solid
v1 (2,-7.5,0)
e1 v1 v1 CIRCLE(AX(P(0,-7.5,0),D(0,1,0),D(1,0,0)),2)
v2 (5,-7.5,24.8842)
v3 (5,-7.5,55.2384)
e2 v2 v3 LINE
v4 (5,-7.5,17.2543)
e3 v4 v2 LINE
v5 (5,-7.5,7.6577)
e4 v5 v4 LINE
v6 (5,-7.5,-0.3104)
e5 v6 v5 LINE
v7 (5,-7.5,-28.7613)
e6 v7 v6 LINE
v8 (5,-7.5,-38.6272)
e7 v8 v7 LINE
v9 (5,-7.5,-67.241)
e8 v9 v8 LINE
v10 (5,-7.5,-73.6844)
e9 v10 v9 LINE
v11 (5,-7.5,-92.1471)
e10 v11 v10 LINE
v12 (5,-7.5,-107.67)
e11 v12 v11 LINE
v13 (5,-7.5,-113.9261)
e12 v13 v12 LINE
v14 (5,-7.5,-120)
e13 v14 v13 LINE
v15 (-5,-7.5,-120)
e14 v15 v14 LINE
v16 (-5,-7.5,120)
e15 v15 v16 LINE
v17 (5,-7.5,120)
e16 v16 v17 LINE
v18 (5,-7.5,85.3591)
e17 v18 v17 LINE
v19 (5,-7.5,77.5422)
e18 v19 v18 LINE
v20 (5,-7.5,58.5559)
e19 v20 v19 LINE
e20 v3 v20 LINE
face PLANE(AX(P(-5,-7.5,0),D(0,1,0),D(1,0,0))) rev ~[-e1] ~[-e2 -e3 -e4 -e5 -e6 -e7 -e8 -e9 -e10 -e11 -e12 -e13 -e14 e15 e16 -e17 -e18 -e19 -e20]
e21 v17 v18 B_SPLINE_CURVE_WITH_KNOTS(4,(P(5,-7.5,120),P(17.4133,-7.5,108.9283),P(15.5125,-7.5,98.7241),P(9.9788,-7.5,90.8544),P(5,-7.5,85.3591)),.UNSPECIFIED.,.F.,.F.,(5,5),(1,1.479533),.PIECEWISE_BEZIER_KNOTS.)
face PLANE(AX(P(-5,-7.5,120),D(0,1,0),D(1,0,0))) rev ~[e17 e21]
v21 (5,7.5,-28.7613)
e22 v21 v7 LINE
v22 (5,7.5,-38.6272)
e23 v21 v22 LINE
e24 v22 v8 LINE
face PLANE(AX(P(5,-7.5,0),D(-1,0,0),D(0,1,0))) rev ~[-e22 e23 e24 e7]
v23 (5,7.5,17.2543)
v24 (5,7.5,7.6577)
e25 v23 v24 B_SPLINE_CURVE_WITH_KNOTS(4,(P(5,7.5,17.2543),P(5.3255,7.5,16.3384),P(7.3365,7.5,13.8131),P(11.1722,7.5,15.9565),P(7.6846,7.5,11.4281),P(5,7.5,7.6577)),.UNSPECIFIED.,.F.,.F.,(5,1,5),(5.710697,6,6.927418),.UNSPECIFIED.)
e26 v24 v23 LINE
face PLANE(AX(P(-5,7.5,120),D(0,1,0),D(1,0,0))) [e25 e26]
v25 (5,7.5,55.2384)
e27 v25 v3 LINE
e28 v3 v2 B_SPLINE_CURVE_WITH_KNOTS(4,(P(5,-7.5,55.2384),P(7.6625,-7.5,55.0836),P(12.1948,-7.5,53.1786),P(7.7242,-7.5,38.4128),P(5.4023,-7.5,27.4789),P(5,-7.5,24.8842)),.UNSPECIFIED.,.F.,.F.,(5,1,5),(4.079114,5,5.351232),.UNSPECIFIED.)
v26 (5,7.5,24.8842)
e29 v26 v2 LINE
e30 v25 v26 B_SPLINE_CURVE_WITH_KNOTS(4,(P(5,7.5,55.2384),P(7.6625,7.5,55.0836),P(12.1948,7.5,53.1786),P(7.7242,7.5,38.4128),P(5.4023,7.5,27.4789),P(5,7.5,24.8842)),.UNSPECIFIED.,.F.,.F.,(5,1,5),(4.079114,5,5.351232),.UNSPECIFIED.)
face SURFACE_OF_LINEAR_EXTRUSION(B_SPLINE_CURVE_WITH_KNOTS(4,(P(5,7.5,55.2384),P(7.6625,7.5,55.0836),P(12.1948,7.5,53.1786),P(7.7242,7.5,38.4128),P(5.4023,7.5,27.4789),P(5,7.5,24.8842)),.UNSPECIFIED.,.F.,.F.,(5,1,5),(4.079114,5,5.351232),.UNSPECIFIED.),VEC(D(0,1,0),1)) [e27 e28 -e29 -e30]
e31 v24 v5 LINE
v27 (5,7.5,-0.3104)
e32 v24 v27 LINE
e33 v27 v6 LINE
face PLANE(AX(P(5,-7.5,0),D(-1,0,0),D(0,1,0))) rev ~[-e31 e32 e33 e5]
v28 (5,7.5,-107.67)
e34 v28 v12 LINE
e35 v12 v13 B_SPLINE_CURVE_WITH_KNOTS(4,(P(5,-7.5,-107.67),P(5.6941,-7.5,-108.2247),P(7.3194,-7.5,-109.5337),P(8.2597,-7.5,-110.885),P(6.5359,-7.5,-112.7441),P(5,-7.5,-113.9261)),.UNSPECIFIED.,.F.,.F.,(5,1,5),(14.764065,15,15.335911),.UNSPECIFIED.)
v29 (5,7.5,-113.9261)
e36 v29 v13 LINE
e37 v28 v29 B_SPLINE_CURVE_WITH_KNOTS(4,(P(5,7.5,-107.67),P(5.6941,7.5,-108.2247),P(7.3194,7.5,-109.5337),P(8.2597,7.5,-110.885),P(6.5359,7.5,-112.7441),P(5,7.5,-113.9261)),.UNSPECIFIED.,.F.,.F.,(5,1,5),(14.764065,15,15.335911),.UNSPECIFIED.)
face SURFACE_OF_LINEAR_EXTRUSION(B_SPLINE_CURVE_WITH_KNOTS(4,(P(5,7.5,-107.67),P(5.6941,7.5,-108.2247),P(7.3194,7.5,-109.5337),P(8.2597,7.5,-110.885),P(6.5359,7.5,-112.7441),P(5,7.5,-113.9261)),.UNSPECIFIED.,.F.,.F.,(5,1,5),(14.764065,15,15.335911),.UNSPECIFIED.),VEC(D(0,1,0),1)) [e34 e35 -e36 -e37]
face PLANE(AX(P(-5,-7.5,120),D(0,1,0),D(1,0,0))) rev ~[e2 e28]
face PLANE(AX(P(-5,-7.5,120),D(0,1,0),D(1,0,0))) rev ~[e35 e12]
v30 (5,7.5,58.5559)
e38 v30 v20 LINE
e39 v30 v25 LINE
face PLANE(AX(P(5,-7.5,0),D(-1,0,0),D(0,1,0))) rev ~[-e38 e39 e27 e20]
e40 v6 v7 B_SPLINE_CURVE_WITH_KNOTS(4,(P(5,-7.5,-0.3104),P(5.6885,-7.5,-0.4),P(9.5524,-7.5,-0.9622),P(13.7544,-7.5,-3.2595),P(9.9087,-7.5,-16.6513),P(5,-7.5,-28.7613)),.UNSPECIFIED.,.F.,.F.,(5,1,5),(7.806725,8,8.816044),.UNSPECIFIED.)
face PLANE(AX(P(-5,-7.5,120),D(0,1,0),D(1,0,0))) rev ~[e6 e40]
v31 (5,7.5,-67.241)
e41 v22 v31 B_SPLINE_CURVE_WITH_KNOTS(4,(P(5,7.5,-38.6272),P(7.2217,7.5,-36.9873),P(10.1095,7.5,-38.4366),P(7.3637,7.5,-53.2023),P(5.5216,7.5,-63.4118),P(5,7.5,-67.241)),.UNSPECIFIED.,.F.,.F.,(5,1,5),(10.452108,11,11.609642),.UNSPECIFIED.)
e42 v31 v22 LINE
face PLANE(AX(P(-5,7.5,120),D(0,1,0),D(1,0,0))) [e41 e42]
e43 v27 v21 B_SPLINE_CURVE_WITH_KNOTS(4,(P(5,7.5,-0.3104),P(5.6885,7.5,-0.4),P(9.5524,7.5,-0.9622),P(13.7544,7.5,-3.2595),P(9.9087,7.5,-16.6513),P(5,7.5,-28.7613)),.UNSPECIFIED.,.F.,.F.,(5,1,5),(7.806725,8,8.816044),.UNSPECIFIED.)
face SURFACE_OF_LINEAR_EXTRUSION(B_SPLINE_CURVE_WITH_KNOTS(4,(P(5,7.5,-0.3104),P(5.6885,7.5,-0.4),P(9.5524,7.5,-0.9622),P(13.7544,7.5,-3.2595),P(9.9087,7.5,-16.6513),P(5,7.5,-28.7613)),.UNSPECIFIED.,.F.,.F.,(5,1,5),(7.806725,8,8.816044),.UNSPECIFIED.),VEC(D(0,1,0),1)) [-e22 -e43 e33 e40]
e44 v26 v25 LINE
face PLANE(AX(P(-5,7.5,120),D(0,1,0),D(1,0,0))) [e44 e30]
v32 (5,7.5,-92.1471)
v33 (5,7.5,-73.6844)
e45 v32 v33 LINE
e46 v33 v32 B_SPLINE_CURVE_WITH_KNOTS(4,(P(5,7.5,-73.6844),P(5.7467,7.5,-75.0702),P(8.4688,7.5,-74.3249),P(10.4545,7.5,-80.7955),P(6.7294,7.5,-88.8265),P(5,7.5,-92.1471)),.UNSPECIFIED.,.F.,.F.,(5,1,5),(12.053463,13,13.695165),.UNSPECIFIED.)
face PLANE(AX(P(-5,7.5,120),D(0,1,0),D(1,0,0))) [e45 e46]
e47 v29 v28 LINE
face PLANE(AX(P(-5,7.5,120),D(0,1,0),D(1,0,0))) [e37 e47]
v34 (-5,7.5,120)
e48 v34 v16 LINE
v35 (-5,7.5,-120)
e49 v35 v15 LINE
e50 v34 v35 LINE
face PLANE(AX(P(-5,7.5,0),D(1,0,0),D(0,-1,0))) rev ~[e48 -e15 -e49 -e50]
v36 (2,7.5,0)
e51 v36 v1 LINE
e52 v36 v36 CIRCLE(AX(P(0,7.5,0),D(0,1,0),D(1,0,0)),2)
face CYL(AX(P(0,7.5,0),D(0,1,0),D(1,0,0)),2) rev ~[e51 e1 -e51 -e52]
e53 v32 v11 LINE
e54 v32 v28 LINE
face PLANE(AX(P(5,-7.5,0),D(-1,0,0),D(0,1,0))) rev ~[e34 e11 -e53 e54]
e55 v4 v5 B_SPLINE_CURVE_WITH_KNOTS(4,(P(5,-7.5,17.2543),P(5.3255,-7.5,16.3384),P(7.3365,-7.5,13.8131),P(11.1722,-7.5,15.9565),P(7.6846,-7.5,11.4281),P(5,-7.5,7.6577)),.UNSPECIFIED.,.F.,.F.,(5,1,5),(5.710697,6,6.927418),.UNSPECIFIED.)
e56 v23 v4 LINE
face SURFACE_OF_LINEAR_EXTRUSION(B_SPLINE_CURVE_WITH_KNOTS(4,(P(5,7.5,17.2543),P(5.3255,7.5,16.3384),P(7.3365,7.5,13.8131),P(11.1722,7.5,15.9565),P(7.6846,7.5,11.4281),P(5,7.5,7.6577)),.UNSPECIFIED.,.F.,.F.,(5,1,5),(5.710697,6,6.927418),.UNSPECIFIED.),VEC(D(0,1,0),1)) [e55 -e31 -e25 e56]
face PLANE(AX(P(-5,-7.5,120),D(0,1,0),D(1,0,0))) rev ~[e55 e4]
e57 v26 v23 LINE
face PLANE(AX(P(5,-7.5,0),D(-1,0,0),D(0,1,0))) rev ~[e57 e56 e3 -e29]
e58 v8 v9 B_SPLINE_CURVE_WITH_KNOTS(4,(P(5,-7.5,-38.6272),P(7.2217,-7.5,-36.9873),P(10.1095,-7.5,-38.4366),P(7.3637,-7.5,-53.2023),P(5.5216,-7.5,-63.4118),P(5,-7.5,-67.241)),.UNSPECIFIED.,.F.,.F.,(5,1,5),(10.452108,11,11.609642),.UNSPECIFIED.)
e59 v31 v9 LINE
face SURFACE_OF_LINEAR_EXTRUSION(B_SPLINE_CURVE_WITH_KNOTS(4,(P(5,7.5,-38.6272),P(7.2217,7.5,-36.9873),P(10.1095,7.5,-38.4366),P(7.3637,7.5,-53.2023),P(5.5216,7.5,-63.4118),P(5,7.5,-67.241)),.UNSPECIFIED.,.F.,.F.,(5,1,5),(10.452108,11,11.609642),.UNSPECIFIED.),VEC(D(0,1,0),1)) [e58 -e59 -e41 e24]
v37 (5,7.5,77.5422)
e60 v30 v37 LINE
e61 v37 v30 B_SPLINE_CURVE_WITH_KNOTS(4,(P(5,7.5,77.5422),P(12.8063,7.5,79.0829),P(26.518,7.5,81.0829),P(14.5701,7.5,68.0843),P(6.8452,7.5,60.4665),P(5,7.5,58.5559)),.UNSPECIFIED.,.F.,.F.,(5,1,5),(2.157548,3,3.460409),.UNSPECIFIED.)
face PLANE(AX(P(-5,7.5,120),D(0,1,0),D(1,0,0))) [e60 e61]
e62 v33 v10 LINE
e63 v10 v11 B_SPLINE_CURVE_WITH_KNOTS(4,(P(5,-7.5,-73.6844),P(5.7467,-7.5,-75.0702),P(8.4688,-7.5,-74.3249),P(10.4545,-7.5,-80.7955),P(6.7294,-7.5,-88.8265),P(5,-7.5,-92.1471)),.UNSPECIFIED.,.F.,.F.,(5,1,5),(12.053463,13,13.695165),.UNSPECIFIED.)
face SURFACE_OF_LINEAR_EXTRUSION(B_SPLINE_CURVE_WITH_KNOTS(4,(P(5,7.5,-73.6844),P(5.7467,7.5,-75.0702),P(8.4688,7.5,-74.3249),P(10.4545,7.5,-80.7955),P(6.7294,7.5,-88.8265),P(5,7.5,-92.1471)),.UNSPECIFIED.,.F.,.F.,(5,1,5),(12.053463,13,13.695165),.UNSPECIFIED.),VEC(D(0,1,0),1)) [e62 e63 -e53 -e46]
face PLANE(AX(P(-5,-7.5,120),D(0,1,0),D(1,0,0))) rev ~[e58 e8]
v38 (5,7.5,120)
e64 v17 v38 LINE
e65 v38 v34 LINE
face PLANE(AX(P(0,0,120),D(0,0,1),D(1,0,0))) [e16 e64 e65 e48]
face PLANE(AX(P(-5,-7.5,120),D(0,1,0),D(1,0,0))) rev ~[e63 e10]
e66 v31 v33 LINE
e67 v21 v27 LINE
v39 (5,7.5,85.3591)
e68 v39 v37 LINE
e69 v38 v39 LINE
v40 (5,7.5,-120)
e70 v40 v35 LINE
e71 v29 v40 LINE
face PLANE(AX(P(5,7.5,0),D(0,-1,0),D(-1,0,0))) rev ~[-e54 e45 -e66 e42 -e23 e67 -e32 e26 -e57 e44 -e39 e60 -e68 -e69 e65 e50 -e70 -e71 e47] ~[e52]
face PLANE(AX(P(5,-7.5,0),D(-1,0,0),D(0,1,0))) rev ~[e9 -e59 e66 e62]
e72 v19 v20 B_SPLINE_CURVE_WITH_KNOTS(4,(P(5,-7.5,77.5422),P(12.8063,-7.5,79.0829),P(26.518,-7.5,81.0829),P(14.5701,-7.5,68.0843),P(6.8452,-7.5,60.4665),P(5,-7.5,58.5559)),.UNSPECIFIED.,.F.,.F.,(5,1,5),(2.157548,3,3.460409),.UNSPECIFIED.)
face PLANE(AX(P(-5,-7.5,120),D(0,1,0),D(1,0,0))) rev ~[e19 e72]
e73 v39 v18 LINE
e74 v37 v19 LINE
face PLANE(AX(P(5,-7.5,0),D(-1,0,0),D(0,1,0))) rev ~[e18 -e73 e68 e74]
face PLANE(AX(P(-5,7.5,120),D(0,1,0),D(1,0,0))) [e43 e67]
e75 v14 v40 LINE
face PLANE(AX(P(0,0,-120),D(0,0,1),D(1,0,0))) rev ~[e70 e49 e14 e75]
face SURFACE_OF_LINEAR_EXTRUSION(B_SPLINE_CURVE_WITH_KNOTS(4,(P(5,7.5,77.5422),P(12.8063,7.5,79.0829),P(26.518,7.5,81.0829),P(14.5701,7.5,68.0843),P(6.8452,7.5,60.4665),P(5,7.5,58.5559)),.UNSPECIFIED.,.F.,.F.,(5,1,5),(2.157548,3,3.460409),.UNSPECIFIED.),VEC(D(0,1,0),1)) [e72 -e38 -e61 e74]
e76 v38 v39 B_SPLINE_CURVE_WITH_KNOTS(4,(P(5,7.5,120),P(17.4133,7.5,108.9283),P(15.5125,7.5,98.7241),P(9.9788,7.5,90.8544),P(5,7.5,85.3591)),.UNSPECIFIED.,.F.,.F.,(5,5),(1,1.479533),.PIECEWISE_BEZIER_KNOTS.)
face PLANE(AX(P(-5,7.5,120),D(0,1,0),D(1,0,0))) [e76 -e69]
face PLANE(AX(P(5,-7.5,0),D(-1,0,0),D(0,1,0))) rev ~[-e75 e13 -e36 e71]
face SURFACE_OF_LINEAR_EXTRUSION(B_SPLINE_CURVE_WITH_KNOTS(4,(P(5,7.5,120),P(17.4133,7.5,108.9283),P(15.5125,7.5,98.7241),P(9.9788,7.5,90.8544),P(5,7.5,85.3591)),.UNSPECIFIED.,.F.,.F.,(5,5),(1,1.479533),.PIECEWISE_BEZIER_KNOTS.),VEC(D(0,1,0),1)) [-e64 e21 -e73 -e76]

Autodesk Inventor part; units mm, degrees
ref_plane "YZ Plane" through (0, 0, 0) normal (1, 0, 0) x (0, 1, 0)
ref_plane "XZ Plane" through (0, 0, 0) normal (0, 1, 0) x (-1, 0, 0)
ref_plane "XY Plane" through (0, 0, 0) normal (0, 0, 1) x (1, 0, 0)
sketch "Эскиз1" plane through (0, 0, 0) normal (0, 0, 1) x (1, 0, 0)
  line L0 (-5, -7.5) -> (5, -7.5)
  line L1 (5, -7.5) -> (5, 7.5)
  line L2 (5, 7.5) -> (-5, 7.5)
  line L3 (-5, 7.5) -> (-5, -7.5)
  line L4 (-5, -7.5) -> (5, 7.5) construction
  line L5 (5, -7.5) -> (-5, 7.5) construction
  point P0 (0, 0)
  dimension "d0" = 10
  dimension "d1" = 15
extrude "Выдавливание1" add sketch "Эскиз1" along normal mid plane 240
sketch "Эскиз3" plane through (-5, 7.5, 120) normal (0, 1, 0) x (1, 0, 0)
  line L0 (10, 0) -> (22.4133, 11.0717) construction
  line L1 (10, 240) -> (10, 0) projected
  line L2 (18.7544, 123.2595) -> (14.9087, 136.6513) construction
  line L3 (14.9087, 136.6513) -> (10, 148.7613) construction
  line L4 (12.2217, 156.9873) -> (15.1095, 158.4366) construction
  line L5 (10, 158.6272) -> (12.2217, 156.9873) construction
  spline S0 degree 4 poles (10, 120.3104) (10.6885, 120.4) (14.5524, 120.9622) (18.7544, 123.2595) (14.9087, 136.6513) (10, 148.7613) knots 7.806725 7.806725 7.806725 7.806725 7.806725 8 8.816044 8.816044 8.816044 8.816044 8.816044
  line L6 (16.1722, 104.0435) -> (12.6846, 108.5719) construction
  line L7 (12.6846, 108.5719) -> (10, 112.3423) construction
  line L8 (14.5524, 120.9622) -> (18.7544, 123.2595) construction
  line L9 (10.6885, 120.4) -> (14.5524, 120.9622) construction
  line L10 (10, 120.3104) -> (10.6885, 120.4) construction
  line L11 (19.5701, 51.9157) -> (11.8452, 59.5335) construction
  line L12 (11.8452, 59.5335) -> (10, 61.4441) construction
  line L13 (12.6625, 64.9164) -> (17.1948, 66.8214) construction
  line L14 (10, 64.7616) -> (12.6625, 64.9164) construction
  spline S1 degree 4 poles (10, 0) (22.4133, 11.0717) (20.5125, 21.2759) (14.9788, 29.1456) (10, 34.6409) knots 1 1 1 1 1 1.479533 1.479533 1.479533 1.479533 1.479533
  spline S2 degree 4 poles (10, 42.4578) (17.8063, 40.9171) (31.518, 38.9171) (19.5701, 51.9157) (11.8452, 59.5335) (10, 61.4441) knots 2.157548 2.157548 2.157548 2.157548 2.157548 3 3.460409 3.460409 3.460409 3.460409 3.460409
  line L15 (22.4133, 11.0717) -> (20.5125, 21.2759) construction
  line L16 (20.5125, 21.2759) -> (14.9788, 29.1456) construction
  line L17 (14.9788, 29.1456) -> (10, 34.6409) construction
  line L18 (31.518, 38.9171) -> (19.5701, 51.9157) construction
  line L19 (17.8063, 40.9171) -> (31.518, 38.9171) construction
  line L20 (10, 42.4578) -> (17.8063, 40.9171) construction
  spline S3 degree 4 poles (10, 64.7616) (12.6625, 64.9164) (17.1948, 66.8214) (12.7242, 81.5872) (10.4023, 92.5211) (10, 95.1158) knots 4.079114 4.079114 4.079114 4.079114 4.079114 5 5.351232 5.351232 5.351232 5.351232 5.351232
  spline S4 degree 4 poles (10, 102.7457) (10.3255, 103.6616) (12.3365, 106.1869) (16.1722, 104.0435) (12.6846, 108.5719) (10, 112.3423) knots 5.710697 5.710697 5.710697 5.710697 5.710697 6 6.927418 6.927418 6.927418 6.927418 6.927418
  line L21 (17.1948, 66.8214) -> (12.7242, 81.5872) construction
  line L22 (12.7242, 81.5872) -> (10.4023, 92.5211) construction
  line L23 (10.4023, 92.5211) -> (10, 95.1158) construction
  line L24 (12.3365, 106.1869) -> (16.1722, 104.0435) construction
  line L25 (10.3255, 103.6616) -> (12.3365, 106.1869) construction
  line L26 (10, 102.7457) -> (10.3255, 103.6616) construction
  spline S5 degree 4 poles (10, 158.6272) (12.2217, 156.9873) (15.1095, 158.4366) (12.3637, 173.2023) (10.5216, 183.4118) (10, 187.241) knots 10.452108 10.452108 10.452108 10.452108 10.452108 11 11.609642 11.609642 11.609642 11.609642 11.609642
  line L27 (15.1095, 158.4366) -> (12.3637, 173.2023) construction
  line L28 (12.3637, 173.2023) -> (10.5216, 183.4118) construction
  line L29 (10.5216, 183.4118) -> (10, 187.241) construction
  line L30 (10.7467, 195.0702) -> (13.4688, 194.3249) construction
  line L31 (10, 193.6844) -> (10.7467, 195.0702) construction
  spline S6 degree 4 poles (10, 193.6844) (10.7467, 195.0702) (13.4688, 194.3249) (15.4545, 200.7955) (11.7294, 208.8265) (10, 212.1471) knots 12.053463 12.053463 12.053463 12.053463 12.053463 13 13.695165 13.695165 13.695165 13.695165 13.695165
  spline S7 degree 4 poles (10, 227.67) (10.6941, 228.2247) (12.3194, 229.5337) (13.2597, 230.885) (11.5359, 232.7441) (10, 233.9261) knots 14.764065 14.764065 14.764065 14.764065 14.764065 15 15.335911 15.335911 15.335911 15.335911 15.335911
  line L32 (13.4688, 194.3249) -> (15.4545, 200.7955) construction
  line L33 (15.4545, 200.7955) -> (11.7294, 208.8265) construction
  line L34 (11.7294, 208.8265) -> (10, 212.1471) construction
  line L35 (10.6941, 228.2247) -> (12.3194, 229.5337) construction
  line L36 (10, 227.67) -> (10.6941, 228.2247) construction
  line L37 (12.3194, 229.5337) -> (13.2597, 230.885) construction
  line L38 (13.2597, 230.885) -> (11.5359, 232.7441) construction
  line L39 (11.5359, 232.7441) -> (10, 233.9261) construction
  point P0 (5, 120)
extrude "Выдавливание3" add sketch "Эскиз3" against normal blind 15
sketch "Эскиз4" plane through (-5, 7.5, -120) normal (0, 1, 0) x (1, 0, 0)
  line L0 (0, -240) -> (0, -120) construction
  line L1 (0, 0) -> (0, -240) construction
  circle A0 centre (5, -120) radius 2
  dimension "d15" = 4
extrude "Выдавливание4" cut sketch "Эскиз4" against normal blind 15
properties part number "Nozzle"
